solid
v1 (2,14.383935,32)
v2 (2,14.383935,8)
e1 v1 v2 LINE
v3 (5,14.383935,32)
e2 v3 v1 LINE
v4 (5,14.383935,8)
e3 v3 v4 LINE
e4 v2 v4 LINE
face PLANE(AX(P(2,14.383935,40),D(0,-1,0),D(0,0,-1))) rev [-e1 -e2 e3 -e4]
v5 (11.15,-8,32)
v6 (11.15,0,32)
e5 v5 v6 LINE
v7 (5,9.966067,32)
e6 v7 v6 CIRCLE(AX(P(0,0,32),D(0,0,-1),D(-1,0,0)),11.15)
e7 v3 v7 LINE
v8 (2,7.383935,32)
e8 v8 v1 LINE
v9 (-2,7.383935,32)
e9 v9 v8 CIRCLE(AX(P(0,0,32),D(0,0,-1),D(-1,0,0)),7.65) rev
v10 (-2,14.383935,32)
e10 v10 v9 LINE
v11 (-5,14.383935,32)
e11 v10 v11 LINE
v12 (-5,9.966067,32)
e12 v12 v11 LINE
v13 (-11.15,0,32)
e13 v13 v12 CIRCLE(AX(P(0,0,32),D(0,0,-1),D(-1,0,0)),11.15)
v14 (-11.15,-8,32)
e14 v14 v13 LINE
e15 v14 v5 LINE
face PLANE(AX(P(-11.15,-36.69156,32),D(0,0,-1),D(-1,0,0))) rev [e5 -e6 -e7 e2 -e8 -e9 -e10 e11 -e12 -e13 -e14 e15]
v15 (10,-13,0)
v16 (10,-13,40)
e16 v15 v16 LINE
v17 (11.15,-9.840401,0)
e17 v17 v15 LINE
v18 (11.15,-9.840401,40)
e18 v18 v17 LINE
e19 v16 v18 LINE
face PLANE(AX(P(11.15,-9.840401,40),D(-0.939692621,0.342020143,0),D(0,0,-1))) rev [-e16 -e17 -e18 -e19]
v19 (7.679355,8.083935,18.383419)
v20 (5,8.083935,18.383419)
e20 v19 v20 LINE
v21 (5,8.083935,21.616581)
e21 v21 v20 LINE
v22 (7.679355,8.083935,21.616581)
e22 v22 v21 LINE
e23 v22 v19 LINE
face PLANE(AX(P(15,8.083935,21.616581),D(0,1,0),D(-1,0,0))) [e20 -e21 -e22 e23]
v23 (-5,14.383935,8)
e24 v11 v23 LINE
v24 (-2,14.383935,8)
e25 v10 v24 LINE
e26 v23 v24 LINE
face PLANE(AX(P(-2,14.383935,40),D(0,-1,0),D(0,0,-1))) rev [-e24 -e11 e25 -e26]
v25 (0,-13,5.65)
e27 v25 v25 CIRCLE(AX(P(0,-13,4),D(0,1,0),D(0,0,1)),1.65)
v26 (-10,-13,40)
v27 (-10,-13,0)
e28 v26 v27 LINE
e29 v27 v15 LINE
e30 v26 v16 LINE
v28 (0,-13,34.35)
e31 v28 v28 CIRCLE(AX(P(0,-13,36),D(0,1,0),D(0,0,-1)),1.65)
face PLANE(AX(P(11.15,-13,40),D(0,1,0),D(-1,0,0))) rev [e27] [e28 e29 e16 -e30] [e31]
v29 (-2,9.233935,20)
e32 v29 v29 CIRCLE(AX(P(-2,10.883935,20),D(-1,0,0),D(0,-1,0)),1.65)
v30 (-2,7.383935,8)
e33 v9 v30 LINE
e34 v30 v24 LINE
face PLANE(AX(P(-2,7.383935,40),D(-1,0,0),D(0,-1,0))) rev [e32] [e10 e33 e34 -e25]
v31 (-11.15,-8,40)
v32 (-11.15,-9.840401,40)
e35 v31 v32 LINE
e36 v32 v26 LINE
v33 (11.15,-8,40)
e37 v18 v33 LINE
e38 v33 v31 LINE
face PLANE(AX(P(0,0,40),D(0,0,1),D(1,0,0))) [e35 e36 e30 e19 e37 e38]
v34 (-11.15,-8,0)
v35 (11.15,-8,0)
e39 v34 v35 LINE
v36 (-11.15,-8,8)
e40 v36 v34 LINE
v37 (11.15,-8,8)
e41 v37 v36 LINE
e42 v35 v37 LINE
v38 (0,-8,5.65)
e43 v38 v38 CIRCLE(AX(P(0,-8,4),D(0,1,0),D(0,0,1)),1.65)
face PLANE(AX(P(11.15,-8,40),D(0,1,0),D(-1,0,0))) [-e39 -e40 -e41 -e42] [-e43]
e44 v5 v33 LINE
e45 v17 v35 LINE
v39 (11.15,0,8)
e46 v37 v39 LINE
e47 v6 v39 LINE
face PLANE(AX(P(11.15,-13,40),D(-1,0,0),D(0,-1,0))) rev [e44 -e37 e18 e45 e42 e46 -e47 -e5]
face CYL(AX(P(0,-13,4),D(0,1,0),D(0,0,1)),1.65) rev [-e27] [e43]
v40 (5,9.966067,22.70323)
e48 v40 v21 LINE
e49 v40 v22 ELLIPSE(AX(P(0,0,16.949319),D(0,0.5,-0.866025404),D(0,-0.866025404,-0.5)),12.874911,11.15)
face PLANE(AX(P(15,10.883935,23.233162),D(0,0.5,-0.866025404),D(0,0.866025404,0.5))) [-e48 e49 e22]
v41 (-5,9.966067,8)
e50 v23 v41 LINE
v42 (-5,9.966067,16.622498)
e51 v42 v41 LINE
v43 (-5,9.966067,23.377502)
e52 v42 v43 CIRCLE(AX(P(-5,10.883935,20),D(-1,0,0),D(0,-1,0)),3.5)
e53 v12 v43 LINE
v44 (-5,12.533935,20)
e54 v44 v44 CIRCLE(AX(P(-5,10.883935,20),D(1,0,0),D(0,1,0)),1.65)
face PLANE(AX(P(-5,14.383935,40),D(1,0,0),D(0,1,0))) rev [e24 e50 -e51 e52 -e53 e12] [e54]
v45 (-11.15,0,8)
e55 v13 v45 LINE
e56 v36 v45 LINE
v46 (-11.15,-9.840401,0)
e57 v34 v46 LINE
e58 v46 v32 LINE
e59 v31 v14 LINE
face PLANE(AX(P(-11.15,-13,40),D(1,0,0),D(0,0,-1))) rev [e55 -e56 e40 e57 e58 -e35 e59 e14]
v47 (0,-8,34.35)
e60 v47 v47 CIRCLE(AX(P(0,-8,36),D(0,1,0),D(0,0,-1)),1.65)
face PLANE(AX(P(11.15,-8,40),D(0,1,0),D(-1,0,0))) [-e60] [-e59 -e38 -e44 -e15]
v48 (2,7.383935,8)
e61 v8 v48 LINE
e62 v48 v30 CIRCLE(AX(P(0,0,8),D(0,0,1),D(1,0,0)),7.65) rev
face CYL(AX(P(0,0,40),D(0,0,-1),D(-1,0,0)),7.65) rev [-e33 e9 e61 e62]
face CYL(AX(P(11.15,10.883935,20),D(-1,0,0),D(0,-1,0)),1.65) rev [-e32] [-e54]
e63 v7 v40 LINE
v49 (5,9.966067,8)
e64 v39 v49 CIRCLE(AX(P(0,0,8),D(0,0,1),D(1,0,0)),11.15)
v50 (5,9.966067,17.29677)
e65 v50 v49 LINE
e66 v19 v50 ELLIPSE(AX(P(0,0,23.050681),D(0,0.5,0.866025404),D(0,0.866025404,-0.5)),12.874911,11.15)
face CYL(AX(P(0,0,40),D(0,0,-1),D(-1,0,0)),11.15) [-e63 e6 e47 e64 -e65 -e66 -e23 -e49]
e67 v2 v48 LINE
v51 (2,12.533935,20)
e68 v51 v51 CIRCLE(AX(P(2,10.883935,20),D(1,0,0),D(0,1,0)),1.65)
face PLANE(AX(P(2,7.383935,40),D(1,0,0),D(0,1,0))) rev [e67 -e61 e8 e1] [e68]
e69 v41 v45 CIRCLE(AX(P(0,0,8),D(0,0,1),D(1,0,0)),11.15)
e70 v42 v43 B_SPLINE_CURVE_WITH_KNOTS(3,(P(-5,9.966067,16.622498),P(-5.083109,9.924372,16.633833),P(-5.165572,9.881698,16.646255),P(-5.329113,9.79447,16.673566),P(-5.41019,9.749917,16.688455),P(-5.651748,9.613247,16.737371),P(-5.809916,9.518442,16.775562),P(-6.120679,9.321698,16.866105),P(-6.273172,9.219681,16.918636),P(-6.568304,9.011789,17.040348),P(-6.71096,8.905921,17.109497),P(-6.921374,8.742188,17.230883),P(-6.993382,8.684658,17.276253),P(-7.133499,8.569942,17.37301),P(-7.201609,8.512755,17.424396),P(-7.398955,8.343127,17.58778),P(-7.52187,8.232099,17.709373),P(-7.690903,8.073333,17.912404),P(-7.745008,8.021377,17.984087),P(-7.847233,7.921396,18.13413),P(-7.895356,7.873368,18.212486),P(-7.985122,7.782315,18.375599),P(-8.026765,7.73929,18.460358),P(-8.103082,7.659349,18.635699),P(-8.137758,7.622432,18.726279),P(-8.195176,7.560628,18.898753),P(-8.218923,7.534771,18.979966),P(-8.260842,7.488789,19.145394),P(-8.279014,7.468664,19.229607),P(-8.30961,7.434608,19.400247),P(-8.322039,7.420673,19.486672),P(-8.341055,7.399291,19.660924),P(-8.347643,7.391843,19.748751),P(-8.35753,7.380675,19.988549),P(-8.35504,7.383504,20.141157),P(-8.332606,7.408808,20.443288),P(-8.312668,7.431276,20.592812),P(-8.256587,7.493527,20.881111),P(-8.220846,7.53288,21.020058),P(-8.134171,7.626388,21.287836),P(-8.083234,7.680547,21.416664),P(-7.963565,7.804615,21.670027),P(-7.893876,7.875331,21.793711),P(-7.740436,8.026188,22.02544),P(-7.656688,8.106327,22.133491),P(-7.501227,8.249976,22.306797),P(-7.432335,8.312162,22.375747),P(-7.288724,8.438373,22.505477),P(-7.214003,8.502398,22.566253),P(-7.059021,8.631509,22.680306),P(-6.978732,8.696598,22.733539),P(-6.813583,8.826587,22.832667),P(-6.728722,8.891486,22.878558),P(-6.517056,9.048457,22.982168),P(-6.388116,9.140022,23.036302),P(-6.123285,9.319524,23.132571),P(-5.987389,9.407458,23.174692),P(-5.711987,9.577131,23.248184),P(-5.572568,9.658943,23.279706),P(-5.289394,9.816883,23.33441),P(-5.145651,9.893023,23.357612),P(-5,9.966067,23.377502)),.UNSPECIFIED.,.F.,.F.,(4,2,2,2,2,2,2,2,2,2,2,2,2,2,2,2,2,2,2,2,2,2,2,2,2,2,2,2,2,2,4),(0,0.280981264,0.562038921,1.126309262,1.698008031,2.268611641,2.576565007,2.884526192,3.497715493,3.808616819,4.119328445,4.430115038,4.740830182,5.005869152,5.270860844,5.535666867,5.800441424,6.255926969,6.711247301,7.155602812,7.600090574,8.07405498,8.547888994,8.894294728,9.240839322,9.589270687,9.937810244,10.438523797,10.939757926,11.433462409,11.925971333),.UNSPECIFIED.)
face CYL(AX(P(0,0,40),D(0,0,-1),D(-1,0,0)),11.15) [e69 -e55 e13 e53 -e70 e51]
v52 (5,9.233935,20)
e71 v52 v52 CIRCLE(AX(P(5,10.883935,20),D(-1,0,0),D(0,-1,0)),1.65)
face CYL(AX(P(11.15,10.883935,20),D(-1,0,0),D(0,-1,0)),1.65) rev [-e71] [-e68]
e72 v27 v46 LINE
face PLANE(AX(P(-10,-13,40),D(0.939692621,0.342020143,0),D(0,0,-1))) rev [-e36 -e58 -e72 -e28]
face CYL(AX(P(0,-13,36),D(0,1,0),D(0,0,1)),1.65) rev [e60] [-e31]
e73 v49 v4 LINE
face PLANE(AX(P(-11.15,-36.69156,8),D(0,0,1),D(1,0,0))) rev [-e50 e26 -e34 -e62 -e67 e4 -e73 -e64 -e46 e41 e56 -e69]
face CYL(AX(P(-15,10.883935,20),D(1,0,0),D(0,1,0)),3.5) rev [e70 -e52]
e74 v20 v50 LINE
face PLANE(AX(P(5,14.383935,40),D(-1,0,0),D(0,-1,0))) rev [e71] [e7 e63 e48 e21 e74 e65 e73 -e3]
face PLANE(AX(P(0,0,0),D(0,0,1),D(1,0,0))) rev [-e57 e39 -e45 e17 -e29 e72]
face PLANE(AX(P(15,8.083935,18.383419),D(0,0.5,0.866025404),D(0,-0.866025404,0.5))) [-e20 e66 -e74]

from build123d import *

# Parameters (mm, degrees)
RESSALTO_EXTRUS_O1_DEPTH   = 40
ESBO_O2_W                  = 22.3
ESBO_O2_H                  = 8
CORTE_EXTRUS_O1_DEPTH      = 22.383935
ESBO_O3_R                  = 1.65
CORTE_EXTRUS_O2_DEPTH      = 5
ESBO_O4_R                  = 1.65
CORTE_EXTRUS_O3_DEPTH      = 7.15
CORTE_EXTRUS_O3_DEPTH_BACK = 17.15
ESBO_O5_R                  = 3.5
CORTE_EXTRUS_O4_DEPTH      = 10
CORTE_EXTRUS_O5_DEPTH      = 10
CHANFRO1_SIZE              = 1.15
CHANFRO1_SIZE2             = 3.159599032


with BuildPart() as part:
    # Esboço1 → Ressalto-extrusão1 (new body)
    with BuildSketch(Plane.XY):
        with BuildLine():
            Line((5, 14.383935265), (5, 9.966067429))
            ThreePointArc((5, 9.966067429), (9.488743331, 5.855446183), (11.15, 0))
            Line((11.15, 0), (11.15, -13))
            Line((11.15, -13), (-11.15, -13))
            Line((-11.15, -13), (-11.15, 0))
            ThreePointArc((-11.15, 0), (-9.488743331, 5.855446183), (-5, 9.966067429))
            Line((-5, 9.966067429), (-5, 14.383935265))
            Line((-5, 14.383935265), (-2, 14.383935265))
            Line((-2, 14.383935265), (-2, 7.383935265))
            ThreePointArc((-2, 7.383935265), (0, -7.65), (2, 7.383935265))
            Line((2, 7.383935265), (2, 14.383935265))
            Line((2, 14.383935265), (5, 14.383935265))
        make_face()
    extrude(amount=RESSALTO_EXTRUS_O1_DEPTH)

    # Esboço2 → Corte-extrusão1 (cut)
    with BuildSketch(Plane(origin=(0, 14.383935265, 0), x_dir=(1, 0, 0), z_dir=(0, 1, 0))):
        with Locations((0, -36)):
            Rectangle(ESBO_O2_W, ESBO_O2_H)
        with Locations((0, -4)):
            Rectangle(ESBO_O2_W, ESBO_O2_H)
    extrude(amount=-CORTE_EXTRUS_O1_DEPTH, mode=Mode.SUBTRACT)

    # Esboço3 → Corte-extrusão2 (cut)
    with BuildSketch(Plane(origin=(0, -8, 0), x_dir=(1, 0, 0), z_dir=(0, 1, 0))):
        with Locations((0, -4)):
            Circle(ESBO_O3_R)
        with Locations((0, -36)):
            Circle(ESBO_O3_R)
    extrude(amount=-CORTE_EXTRUS_O2_DEPTH, mode=Mode.SUBTRACT)

    # Esboço4 → Corte-extrusão3 (cut, two sides)
    with BuildSketch(Plane.ZY.offset(5)) as corte_extrus_o3_sk:
        with Locations((20, 10.883935265)):
            Circle(ESBO_O4_R)
    extrude(amount=CORTE_EXTRUS_O3_DEPTH, mode=Mode.SUBTRACT)
    extrude(corte_extrus_o3_sk.sketch, amount=-CORTE_EXTRUS_O3_DEPTH_BACK, mode=Mode.SUBTRACT)

    # Esboço5 → Corte-extrusão4 (cut)
    with BuildSketch(Plane.ZY.offset(5)):
        with Locations((20, 10.883935265)):
            Circle(ESBO_O5_R)
    extrude(amount=CORTE_EXTRUS_O4_DEPTH, mode=Mode.SUBTRACT)

    # Esboço6 → Corte-extrusão5 (cut)
    with BuildSketch(Plane(origin=(5, 0, 0), x_dir=(0, 0, -1), z_dir=(1, 0, 0))):
        Polygon((-16.766838493, 10.883935265), (-18.383419246, 13.683935265), (-21.616580754, 13.683935265), (-23.233161507, 10.883935265), (-21.616580754, 8.083935265), (-18.383419246, 8.083935265), align=None)
    extrude(amount=CORTE_EXTRUS_O5_DEPTH, mode=Mode.SUBTRACT)

    # Chanfro1
    chanfro1_edges = [part.edges().sort_by_distance(p)[0] for p in [
        (11.15, -13, 20),
        (-11.15, -13, 20),
    ]]
    chanfro1_side = [part.faces().sort_by_distance(p)[0] for p in [
        (0, -13, 20),
    ]]
    chamfer(chanfro1_edges, length=CHANFRO1_SIZE, length2=CHANFRO1_SIZE2, reference=chanfro1_side[0])


solid = part.part
